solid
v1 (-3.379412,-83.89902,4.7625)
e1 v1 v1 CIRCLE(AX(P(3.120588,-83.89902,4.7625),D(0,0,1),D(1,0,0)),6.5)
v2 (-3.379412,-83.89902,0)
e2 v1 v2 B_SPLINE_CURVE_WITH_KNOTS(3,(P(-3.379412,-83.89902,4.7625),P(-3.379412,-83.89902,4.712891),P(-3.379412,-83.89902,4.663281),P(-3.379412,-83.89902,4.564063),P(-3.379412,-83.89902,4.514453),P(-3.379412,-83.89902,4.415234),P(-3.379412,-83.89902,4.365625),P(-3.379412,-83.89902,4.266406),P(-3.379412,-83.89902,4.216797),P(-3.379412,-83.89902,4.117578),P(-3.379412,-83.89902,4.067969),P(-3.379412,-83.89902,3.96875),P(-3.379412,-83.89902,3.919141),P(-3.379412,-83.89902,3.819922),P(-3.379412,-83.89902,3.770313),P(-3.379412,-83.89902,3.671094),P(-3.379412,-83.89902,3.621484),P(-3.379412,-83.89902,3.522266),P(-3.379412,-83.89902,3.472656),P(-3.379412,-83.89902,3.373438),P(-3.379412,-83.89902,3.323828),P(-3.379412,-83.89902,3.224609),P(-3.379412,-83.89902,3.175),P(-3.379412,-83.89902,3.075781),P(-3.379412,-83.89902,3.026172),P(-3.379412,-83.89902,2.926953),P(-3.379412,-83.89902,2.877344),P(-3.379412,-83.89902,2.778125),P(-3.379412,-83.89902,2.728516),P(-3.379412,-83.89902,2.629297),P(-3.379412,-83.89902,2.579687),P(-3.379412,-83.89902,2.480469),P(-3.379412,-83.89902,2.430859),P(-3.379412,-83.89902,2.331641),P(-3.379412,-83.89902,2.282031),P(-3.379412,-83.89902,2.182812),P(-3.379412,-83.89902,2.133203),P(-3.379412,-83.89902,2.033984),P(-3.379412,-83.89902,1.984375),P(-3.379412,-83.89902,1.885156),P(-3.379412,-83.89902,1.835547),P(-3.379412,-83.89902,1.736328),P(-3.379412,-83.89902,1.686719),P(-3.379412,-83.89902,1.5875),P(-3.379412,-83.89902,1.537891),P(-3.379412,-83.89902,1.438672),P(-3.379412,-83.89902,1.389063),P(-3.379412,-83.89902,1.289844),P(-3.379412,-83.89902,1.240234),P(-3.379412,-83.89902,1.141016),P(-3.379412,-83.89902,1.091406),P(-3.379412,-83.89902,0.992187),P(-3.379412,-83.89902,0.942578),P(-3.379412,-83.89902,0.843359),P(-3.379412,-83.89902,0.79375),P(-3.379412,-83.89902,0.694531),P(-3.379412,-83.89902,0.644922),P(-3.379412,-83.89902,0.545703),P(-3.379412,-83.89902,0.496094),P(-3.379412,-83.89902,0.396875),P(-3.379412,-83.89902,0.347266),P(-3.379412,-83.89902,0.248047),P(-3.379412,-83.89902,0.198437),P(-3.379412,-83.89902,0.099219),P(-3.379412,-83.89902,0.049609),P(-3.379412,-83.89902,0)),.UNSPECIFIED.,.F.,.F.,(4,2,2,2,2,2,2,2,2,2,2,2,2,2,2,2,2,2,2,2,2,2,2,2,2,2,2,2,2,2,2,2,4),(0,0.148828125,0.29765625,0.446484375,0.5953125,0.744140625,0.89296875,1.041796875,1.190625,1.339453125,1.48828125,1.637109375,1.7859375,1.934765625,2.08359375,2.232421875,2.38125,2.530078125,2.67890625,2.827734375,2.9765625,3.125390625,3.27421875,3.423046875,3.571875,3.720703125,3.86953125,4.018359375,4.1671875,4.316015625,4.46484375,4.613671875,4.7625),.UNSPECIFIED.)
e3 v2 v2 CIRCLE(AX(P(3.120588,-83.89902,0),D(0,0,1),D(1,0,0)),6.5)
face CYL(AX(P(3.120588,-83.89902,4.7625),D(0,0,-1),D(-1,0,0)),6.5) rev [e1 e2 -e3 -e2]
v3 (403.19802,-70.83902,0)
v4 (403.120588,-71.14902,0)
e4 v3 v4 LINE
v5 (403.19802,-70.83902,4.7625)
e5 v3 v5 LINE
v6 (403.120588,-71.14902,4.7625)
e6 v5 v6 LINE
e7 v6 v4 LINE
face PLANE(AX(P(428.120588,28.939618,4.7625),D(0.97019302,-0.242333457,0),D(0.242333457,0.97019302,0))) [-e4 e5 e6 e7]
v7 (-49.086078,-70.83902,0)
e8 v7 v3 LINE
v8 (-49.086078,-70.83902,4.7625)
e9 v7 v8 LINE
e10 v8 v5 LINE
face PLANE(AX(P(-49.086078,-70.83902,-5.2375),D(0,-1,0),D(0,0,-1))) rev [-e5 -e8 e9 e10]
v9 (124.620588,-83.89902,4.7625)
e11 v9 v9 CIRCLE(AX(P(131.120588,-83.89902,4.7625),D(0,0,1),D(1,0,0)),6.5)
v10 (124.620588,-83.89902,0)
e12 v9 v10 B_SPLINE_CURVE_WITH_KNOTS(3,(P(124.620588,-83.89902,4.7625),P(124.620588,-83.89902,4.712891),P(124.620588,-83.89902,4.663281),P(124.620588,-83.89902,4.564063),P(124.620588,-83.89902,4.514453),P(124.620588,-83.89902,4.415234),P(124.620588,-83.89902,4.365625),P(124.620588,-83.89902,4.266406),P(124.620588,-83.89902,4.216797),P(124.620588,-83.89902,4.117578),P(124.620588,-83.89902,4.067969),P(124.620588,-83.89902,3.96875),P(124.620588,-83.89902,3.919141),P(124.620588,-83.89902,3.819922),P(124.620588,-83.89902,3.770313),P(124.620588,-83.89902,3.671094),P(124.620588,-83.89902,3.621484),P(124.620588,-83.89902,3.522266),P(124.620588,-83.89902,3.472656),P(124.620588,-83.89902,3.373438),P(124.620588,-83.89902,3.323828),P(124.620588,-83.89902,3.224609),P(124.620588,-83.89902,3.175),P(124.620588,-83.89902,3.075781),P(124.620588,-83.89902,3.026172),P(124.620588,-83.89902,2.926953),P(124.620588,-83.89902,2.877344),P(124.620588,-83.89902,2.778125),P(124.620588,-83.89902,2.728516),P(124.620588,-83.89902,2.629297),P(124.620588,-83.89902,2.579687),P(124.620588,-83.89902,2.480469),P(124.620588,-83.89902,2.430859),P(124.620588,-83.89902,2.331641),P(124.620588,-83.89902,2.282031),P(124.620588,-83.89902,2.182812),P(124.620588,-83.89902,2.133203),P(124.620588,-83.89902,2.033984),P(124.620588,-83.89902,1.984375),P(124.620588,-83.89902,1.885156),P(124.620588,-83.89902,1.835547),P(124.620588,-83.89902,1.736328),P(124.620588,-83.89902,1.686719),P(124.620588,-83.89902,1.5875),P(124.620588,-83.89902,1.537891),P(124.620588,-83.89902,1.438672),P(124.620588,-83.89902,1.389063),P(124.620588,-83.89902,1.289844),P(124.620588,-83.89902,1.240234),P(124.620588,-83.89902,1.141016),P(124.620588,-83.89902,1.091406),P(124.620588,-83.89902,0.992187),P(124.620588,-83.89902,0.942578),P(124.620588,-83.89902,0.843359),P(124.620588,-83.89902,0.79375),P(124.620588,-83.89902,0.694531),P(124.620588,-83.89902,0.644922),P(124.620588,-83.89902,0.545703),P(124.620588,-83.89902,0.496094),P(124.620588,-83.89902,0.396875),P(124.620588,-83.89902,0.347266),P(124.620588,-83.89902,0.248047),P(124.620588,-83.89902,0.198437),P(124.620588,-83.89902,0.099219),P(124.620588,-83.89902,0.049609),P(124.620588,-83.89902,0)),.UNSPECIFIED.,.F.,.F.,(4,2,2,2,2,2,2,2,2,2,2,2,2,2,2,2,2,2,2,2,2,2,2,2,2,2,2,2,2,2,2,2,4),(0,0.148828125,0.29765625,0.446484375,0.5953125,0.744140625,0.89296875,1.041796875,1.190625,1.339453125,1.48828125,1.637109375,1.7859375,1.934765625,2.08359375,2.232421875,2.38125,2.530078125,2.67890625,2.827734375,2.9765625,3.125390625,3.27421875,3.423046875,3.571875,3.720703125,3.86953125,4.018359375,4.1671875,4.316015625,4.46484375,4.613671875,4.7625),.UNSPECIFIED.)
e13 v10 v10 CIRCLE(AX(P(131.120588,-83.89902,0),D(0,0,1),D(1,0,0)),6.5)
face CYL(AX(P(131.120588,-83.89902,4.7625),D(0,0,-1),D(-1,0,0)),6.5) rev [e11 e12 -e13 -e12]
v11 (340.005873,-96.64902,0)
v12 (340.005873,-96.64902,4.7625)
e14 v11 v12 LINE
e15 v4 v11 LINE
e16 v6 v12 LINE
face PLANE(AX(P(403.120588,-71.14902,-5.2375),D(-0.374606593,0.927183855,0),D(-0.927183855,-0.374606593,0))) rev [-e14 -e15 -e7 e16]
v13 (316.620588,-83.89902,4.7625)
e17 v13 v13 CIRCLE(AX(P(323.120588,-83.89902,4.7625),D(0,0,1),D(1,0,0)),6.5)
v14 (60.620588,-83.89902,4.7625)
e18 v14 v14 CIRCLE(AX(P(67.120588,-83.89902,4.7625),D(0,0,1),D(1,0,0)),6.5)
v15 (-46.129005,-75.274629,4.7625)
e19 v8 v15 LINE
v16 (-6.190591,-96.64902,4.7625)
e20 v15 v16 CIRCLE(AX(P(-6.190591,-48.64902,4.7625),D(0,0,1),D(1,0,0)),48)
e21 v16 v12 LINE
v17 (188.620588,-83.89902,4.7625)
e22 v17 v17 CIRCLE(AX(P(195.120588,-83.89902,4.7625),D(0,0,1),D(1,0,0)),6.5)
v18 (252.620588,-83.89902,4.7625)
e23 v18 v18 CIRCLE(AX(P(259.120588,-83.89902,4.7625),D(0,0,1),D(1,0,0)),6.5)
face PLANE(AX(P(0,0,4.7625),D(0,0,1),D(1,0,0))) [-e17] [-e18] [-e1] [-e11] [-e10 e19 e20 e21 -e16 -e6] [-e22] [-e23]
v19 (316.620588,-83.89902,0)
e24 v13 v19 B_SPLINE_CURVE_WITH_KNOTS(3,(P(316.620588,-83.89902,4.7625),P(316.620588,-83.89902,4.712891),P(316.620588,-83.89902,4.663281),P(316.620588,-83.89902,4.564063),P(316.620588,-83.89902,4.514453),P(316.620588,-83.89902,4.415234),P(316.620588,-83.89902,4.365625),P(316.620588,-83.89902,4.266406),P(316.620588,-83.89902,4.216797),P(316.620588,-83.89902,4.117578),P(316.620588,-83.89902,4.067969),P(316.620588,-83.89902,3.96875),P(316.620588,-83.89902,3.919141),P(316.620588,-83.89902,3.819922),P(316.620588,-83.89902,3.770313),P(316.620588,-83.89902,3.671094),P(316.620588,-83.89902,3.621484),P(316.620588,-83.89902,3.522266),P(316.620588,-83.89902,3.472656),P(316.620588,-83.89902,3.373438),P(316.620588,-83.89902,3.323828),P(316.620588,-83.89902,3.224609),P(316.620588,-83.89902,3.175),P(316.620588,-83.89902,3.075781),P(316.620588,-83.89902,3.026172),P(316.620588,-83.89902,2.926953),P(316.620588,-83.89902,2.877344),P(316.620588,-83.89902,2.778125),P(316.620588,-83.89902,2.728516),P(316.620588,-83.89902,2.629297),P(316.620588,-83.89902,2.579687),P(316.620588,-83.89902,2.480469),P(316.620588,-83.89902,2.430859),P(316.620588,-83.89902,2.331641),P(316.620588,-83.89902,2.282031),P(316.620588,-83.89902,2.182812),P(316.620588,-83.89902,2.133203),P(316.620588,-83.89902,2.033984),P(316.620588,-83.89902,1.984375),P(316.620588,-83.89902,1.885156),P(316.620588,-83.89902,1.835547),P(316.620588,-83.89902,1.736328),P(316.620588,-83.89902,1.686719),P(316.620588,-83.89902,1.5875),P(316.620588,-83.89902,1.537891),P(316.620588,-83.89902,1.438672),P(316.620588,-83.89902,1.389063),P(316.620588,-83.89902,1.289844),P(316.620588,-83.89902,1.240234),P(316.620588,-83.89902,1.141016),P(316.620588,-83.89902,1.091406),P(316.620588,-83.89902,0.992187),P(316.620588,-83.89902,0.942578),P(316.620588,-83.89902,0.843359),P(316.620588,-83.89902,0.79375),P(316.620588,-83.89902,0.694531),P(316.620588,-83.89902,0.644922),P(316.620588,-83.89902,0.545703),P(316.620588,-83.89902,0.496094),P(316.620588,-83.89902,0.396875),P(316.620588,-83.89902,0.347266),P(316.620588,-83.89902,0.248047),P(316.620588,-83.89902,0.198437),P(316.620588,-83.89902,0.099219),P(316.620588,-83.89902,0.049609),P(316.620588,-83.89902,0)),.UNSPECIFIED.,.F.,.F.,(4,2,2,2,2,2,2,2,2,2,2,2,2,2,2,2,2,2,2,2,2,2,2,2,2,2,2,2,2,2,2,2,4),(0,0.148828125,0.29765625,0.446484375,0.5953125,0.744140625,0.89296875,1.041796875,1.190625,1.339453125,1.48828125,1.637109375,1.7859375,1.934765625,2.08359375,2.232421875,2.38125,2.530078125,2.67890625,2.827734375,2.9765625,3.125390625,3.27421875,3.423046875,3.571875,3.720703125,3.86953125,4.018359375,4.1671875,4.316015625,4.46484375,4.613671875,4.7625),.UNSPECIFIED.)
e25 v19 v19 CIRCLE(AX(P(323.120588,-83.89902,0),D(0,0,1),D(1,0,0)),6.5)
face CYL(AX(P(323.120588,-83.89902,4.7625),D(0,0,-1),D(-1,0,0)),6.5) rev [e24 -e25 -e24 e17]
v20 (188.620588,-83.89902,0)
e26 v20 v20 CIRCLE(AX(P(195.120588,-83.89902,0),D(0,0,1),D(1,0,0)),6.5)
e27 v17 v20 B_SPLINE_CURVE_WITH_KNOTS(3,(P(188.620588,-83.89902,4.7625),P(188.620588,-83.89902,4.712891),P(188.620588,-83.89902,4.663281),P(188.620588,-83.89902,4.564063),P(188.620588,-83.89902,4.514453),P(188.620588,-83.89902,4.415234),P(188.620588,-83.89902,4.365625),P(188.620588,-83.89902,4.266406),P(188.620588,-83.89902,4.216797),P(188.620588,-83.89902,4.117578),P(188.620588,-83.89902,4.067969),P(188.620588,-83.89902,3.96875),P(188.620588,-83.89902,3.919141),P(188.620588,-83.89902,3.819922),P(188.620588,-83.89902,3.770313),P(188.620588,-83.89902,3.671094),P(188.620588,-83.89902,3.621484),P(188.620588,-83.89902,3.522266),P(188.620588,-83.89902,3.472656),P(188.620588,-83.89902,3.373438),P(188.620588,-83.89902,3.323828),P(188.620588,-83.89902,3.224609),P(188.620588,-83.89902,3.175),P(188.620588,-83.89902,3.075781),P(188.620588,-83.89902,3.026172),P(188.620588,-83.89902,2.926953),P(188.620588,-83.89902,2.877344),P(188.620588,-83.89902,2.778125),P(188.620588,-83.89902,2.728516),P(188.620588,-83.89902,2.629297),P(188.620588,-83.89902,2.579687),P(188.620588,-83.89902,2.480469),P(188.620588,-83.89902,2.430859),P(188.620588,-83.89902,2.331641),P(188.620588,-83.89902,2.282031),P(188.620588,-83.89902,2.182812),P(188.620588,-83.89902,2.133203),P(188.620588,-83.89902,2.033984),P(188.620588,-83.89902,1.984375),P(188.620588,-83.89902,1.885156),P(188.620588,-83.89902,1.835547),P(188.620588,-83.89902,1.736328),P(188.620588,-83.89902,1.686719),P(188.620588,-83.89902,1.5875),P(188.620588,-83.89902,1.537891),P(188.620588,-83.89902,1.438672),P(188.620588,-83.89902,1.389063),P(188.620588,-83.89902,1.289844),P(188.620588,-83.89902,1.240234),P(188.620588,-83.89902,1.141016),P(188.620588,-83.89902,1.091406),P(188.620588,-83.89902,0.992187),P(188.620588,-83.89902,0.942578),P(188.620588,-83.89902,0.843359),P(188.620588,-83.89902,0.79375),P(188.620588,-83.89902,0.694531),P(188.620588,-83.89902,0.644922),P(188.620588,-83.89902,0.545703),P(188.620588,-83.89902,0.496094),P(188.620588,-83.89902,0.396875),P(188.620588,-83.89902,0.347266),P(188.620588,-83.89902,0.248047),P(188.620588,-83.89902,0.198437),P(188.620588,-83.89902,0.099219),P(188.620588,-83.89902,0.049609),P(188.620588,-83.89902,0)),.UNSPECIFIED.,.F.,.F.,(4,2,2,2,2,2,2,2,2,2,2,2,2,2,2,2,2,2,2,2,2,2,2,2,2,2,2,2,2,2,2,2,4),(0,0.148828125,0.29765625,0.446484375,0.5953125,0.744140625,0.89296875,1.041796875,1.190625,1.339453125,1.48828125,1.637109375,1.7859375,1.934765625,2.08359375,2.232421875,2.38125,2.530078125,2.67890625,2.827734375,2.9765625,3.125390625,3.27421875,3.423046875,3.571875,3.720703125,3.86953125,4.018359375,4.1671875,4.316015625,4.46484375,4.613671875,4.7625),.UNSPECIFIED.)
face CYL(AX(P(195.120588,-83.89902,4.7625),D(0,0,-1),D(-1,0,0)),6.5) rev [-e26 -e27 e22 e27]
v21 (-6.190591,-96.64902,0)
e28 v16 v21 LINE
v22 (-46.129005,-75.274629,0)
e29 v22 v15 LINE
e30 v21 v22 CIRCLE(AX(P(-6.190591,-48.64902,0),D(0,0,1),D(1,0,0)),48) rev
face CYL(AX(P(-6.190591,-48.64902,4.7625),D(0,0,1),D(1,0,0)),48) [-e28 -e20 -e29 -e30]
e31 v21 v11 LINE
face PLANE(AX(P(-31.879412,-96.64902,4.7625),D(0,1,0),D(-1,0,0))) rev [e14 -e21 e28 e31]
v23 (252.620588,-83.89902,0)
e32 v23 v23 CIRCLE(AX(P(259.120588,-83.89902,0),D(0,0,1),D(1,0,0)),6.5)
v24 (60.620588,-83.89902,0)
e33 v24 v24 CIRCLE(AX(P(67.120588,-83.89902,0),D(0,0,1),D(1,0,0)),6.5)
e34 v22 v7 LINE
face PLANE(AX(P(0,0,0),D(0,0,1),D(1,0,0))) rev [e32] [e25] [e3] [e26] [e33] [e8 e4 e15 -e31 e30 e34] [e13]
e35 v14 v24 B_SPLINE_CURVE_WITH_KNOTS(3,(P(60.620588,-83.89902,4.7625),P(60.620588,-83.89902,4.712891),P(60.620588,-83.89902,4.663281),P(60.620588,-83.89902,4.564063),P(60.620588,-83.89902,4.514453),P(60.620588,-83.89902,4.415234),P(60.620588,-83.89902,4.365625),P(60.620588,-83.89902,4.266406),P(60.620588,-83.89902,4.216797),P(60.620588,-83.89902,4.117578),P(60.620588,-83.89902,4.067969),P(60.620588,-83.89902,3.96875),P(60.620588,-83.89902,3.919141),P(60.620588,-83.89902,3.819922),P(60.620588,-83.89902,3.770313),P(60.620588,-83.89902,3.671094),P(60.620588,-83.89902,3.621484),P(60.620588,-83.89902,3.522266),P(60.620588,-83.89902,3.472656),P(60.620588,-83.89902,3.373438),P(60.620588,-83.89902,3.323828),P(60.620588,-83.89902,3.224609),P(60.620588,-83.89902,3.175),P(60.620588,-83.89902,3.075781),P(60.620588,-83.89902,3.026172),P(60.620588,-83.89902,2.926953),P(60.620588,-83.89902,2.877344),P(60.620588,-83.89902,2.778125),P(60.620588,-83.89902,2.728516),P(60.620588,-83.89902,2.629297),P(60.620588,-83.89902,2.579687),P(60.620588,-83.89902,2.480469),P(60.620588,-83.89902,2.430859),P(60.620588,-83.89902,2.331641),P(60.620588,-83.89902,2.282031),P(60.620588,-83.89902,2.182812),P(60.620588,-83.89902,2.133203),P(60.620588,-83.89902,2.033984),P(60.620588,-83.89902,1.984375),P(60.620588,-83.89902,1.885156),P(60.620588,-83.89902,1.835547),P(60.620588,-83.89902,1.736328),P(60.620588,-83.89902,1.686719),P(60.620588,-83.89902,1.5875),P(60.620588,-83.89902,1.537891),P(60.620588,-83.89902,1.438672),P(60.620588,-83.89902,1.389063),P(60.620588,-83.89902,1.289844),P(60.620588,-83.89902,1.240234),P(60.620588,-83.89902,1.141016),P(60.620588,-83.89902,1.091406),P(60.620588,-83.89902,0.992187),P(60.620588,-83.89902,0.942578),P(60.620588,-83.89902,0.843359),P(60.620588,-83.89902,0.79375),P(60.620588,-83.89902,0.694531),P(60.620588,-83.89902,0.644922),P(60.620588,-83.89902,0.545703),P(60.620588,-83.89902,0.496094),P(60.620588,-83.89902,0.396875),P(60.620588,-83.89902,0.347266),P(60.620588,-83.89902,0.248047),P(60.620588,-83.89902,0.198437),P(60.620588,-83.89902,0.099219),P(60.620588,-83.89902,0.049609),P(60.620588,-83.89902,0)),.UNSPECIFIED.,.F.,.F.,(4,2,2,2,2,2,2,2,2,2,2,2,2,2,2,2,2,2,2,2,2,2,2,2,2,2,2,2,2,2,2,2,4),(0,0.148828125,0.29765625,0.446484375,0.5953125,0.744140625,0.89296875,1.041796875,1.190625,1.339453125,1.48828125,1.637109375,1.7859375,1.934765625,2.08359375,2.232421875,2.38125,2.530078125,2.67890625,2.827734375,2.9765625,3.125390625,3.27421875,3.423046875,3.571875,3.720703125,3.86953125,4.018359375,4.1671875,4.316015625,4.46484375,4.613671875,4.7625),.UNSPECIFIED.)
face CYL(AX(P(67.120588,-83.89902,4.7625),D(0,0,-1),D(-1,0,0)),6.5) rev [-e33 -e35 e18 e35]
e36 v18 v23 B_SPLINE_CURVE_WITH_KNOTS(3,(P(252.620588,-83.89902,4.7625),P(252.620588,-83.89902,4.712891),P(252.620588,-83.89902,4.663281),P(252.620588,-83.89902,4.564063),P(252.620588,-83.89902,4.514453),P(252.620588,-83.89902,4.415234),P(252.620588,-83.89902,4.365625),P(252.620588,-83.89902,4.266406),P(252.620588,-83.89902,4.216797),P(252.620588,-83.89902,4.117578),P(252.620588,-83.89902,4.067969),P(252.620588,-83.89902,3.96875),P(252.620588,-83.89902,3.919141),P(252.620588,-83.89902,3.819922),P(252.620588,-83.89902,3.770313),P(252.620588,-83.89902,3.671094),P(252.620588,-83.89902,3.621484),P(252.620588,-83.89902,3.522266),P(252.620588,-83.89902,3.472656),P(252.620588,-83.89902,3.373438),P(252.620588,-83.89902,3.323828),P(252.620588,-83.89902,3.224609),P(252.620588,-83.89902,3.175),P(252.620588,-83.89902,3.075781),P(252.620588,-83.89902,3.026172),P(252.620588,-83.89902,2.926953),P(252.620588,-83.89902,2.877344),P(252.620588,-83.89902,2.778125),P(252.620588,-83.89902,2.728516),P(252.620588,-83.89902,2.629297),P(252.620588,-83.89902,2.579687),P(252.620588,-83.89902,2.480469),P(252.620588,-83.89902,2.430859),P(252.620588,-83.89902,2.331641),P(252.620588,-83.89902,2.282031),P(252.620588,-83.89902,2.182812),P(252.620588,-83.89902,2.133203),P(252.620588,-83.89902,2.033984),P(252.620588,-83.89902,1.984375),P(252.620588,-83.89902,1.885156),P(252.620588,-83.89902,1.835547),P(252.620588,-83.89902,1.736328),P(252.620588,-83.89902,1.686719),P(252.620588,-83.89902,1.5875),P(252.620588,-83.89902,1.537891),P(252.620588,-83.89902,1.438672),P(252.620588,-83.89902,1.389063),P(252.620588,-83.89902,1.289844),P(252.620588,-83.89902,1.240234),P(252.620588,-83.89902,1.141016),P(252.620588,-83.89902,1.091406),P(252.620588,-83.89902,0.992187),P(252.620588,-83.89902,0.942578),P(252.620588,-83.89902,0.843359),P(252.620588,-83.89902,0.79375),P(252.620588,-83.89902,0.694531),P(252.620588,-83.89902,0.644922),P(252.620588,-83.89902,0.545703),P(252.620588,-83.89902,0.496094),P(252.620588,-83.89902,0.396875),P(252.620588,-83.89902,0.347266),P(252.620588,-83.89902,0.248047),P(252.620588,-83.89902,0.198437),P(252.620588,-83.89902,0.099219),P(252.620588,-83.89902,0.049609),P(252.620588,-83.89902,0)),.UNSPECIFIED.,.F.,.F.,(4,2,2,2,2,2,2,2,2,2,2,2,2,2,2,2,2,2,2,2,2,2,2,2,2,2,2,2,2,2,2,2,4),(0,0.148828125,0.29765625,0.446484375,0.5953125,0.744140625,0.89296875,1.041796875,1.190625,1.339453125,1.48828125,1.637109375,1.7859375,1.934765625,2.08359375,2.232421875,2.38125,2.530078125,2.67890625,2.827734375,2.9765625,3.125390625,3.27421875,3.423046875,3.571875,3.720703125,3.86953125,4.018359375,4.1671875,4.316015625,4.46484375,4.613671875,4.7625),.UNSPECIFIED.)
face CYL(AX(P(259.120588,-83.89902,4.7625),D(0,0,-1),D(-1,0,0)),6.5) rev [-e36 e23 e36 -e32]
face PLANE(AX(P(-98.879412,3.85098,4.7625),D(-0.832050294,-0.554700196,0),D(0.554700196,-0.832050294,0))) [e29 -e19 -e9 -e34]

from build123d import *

# Parameters (mm, degrees)
BOSS_EXTRUDE1_DEPTH = 4.7625
SKETCH1_4_R         = 6.5
CUT_EXTRUDE1_DEPTH  = 439.920211962
FILLET1_R           = 48
CUT_EXTRUDE3_DEPTH  = 10
CUT_EXTRUDE5_DEPTH  = 10


with BuildPart() as part:
    # Sketch1 → Boss-Extrude1 (new body)
    with BuildSketch(Plane.XY):
        Polygon((428.120588235, 28.939617947), (0.540381846, 28.939617947), (-115.605170134, 28.939617947), (-98.879411765, 3.850980392), (-31.879411765, -96.649019608), (366, -96.649019608), (403.120588235, -71.149019608), align=None)
    extrude(amount=BOSS_EXTRUDE1_DEPTH)

    # Sketch1<4> → Cut-Extrude1 (cut, through all)
    with BuildSketch(Plane.XY):
        with Locations((3.120588235, -83.899019608)):
            Circle(SKETCH1_4_R)
        with Locations((67.120588235, -83.899019608)):
            Circle(SKETCH1_4_R)
        with Locations((131.120588235, -83.899019608)):
            Circle(SKETCH1_4_R)
        with Locations((195.120588235, -83.899019608)):
            Circle(SKETCH1_4_R)
        with Locations((259.120588235, -83.899019608)):
            Circle(SKETCH1_4_R)
        with Locations((323.120588235, -83.899019608)):
            Circle(SKETCH1_4_R)
    extrude(amount=CUT_EXTRUDE1_DEPTH, mode=Mode.SUBTRACT)

    # Fillet1
    fillet1_edges = [part.edges().sort_by_distance(p)[0] for p in [
        (-31.879411765, -96.649019608, 2.38125),
    ]]
    fillet(fillet1_edges, radius=FILLET1_R)

    # Sketch7 → Cut-Extrude3 (cut)
    with BuildSketch(Plane.XY.offset(4.7625)):
        Polygon((403.120588235, -71.149019608), (340.005873473, -96.649019608), (366, -96.649019608), align=None)
    extrude(amount=-CUT_EXTRUDE3_DEPTH, mode=Mode.SUBTRACT)

    # Sketch11 → Cut-Extrude5 (cut)
    with BuildSketch(Plane.XY.offset(4.7625)):
        Polygon((-49.086078431, -70.839019608), (403.198019602, -70.839019608), (428.120588235, 28.939617947), (-115.605170134, 28.939617947), align=None)
    extrude(amount=-CUT_EXTRUDE5_DEPTH, mode=Mode.SUBTRACT)


solid = part.part
